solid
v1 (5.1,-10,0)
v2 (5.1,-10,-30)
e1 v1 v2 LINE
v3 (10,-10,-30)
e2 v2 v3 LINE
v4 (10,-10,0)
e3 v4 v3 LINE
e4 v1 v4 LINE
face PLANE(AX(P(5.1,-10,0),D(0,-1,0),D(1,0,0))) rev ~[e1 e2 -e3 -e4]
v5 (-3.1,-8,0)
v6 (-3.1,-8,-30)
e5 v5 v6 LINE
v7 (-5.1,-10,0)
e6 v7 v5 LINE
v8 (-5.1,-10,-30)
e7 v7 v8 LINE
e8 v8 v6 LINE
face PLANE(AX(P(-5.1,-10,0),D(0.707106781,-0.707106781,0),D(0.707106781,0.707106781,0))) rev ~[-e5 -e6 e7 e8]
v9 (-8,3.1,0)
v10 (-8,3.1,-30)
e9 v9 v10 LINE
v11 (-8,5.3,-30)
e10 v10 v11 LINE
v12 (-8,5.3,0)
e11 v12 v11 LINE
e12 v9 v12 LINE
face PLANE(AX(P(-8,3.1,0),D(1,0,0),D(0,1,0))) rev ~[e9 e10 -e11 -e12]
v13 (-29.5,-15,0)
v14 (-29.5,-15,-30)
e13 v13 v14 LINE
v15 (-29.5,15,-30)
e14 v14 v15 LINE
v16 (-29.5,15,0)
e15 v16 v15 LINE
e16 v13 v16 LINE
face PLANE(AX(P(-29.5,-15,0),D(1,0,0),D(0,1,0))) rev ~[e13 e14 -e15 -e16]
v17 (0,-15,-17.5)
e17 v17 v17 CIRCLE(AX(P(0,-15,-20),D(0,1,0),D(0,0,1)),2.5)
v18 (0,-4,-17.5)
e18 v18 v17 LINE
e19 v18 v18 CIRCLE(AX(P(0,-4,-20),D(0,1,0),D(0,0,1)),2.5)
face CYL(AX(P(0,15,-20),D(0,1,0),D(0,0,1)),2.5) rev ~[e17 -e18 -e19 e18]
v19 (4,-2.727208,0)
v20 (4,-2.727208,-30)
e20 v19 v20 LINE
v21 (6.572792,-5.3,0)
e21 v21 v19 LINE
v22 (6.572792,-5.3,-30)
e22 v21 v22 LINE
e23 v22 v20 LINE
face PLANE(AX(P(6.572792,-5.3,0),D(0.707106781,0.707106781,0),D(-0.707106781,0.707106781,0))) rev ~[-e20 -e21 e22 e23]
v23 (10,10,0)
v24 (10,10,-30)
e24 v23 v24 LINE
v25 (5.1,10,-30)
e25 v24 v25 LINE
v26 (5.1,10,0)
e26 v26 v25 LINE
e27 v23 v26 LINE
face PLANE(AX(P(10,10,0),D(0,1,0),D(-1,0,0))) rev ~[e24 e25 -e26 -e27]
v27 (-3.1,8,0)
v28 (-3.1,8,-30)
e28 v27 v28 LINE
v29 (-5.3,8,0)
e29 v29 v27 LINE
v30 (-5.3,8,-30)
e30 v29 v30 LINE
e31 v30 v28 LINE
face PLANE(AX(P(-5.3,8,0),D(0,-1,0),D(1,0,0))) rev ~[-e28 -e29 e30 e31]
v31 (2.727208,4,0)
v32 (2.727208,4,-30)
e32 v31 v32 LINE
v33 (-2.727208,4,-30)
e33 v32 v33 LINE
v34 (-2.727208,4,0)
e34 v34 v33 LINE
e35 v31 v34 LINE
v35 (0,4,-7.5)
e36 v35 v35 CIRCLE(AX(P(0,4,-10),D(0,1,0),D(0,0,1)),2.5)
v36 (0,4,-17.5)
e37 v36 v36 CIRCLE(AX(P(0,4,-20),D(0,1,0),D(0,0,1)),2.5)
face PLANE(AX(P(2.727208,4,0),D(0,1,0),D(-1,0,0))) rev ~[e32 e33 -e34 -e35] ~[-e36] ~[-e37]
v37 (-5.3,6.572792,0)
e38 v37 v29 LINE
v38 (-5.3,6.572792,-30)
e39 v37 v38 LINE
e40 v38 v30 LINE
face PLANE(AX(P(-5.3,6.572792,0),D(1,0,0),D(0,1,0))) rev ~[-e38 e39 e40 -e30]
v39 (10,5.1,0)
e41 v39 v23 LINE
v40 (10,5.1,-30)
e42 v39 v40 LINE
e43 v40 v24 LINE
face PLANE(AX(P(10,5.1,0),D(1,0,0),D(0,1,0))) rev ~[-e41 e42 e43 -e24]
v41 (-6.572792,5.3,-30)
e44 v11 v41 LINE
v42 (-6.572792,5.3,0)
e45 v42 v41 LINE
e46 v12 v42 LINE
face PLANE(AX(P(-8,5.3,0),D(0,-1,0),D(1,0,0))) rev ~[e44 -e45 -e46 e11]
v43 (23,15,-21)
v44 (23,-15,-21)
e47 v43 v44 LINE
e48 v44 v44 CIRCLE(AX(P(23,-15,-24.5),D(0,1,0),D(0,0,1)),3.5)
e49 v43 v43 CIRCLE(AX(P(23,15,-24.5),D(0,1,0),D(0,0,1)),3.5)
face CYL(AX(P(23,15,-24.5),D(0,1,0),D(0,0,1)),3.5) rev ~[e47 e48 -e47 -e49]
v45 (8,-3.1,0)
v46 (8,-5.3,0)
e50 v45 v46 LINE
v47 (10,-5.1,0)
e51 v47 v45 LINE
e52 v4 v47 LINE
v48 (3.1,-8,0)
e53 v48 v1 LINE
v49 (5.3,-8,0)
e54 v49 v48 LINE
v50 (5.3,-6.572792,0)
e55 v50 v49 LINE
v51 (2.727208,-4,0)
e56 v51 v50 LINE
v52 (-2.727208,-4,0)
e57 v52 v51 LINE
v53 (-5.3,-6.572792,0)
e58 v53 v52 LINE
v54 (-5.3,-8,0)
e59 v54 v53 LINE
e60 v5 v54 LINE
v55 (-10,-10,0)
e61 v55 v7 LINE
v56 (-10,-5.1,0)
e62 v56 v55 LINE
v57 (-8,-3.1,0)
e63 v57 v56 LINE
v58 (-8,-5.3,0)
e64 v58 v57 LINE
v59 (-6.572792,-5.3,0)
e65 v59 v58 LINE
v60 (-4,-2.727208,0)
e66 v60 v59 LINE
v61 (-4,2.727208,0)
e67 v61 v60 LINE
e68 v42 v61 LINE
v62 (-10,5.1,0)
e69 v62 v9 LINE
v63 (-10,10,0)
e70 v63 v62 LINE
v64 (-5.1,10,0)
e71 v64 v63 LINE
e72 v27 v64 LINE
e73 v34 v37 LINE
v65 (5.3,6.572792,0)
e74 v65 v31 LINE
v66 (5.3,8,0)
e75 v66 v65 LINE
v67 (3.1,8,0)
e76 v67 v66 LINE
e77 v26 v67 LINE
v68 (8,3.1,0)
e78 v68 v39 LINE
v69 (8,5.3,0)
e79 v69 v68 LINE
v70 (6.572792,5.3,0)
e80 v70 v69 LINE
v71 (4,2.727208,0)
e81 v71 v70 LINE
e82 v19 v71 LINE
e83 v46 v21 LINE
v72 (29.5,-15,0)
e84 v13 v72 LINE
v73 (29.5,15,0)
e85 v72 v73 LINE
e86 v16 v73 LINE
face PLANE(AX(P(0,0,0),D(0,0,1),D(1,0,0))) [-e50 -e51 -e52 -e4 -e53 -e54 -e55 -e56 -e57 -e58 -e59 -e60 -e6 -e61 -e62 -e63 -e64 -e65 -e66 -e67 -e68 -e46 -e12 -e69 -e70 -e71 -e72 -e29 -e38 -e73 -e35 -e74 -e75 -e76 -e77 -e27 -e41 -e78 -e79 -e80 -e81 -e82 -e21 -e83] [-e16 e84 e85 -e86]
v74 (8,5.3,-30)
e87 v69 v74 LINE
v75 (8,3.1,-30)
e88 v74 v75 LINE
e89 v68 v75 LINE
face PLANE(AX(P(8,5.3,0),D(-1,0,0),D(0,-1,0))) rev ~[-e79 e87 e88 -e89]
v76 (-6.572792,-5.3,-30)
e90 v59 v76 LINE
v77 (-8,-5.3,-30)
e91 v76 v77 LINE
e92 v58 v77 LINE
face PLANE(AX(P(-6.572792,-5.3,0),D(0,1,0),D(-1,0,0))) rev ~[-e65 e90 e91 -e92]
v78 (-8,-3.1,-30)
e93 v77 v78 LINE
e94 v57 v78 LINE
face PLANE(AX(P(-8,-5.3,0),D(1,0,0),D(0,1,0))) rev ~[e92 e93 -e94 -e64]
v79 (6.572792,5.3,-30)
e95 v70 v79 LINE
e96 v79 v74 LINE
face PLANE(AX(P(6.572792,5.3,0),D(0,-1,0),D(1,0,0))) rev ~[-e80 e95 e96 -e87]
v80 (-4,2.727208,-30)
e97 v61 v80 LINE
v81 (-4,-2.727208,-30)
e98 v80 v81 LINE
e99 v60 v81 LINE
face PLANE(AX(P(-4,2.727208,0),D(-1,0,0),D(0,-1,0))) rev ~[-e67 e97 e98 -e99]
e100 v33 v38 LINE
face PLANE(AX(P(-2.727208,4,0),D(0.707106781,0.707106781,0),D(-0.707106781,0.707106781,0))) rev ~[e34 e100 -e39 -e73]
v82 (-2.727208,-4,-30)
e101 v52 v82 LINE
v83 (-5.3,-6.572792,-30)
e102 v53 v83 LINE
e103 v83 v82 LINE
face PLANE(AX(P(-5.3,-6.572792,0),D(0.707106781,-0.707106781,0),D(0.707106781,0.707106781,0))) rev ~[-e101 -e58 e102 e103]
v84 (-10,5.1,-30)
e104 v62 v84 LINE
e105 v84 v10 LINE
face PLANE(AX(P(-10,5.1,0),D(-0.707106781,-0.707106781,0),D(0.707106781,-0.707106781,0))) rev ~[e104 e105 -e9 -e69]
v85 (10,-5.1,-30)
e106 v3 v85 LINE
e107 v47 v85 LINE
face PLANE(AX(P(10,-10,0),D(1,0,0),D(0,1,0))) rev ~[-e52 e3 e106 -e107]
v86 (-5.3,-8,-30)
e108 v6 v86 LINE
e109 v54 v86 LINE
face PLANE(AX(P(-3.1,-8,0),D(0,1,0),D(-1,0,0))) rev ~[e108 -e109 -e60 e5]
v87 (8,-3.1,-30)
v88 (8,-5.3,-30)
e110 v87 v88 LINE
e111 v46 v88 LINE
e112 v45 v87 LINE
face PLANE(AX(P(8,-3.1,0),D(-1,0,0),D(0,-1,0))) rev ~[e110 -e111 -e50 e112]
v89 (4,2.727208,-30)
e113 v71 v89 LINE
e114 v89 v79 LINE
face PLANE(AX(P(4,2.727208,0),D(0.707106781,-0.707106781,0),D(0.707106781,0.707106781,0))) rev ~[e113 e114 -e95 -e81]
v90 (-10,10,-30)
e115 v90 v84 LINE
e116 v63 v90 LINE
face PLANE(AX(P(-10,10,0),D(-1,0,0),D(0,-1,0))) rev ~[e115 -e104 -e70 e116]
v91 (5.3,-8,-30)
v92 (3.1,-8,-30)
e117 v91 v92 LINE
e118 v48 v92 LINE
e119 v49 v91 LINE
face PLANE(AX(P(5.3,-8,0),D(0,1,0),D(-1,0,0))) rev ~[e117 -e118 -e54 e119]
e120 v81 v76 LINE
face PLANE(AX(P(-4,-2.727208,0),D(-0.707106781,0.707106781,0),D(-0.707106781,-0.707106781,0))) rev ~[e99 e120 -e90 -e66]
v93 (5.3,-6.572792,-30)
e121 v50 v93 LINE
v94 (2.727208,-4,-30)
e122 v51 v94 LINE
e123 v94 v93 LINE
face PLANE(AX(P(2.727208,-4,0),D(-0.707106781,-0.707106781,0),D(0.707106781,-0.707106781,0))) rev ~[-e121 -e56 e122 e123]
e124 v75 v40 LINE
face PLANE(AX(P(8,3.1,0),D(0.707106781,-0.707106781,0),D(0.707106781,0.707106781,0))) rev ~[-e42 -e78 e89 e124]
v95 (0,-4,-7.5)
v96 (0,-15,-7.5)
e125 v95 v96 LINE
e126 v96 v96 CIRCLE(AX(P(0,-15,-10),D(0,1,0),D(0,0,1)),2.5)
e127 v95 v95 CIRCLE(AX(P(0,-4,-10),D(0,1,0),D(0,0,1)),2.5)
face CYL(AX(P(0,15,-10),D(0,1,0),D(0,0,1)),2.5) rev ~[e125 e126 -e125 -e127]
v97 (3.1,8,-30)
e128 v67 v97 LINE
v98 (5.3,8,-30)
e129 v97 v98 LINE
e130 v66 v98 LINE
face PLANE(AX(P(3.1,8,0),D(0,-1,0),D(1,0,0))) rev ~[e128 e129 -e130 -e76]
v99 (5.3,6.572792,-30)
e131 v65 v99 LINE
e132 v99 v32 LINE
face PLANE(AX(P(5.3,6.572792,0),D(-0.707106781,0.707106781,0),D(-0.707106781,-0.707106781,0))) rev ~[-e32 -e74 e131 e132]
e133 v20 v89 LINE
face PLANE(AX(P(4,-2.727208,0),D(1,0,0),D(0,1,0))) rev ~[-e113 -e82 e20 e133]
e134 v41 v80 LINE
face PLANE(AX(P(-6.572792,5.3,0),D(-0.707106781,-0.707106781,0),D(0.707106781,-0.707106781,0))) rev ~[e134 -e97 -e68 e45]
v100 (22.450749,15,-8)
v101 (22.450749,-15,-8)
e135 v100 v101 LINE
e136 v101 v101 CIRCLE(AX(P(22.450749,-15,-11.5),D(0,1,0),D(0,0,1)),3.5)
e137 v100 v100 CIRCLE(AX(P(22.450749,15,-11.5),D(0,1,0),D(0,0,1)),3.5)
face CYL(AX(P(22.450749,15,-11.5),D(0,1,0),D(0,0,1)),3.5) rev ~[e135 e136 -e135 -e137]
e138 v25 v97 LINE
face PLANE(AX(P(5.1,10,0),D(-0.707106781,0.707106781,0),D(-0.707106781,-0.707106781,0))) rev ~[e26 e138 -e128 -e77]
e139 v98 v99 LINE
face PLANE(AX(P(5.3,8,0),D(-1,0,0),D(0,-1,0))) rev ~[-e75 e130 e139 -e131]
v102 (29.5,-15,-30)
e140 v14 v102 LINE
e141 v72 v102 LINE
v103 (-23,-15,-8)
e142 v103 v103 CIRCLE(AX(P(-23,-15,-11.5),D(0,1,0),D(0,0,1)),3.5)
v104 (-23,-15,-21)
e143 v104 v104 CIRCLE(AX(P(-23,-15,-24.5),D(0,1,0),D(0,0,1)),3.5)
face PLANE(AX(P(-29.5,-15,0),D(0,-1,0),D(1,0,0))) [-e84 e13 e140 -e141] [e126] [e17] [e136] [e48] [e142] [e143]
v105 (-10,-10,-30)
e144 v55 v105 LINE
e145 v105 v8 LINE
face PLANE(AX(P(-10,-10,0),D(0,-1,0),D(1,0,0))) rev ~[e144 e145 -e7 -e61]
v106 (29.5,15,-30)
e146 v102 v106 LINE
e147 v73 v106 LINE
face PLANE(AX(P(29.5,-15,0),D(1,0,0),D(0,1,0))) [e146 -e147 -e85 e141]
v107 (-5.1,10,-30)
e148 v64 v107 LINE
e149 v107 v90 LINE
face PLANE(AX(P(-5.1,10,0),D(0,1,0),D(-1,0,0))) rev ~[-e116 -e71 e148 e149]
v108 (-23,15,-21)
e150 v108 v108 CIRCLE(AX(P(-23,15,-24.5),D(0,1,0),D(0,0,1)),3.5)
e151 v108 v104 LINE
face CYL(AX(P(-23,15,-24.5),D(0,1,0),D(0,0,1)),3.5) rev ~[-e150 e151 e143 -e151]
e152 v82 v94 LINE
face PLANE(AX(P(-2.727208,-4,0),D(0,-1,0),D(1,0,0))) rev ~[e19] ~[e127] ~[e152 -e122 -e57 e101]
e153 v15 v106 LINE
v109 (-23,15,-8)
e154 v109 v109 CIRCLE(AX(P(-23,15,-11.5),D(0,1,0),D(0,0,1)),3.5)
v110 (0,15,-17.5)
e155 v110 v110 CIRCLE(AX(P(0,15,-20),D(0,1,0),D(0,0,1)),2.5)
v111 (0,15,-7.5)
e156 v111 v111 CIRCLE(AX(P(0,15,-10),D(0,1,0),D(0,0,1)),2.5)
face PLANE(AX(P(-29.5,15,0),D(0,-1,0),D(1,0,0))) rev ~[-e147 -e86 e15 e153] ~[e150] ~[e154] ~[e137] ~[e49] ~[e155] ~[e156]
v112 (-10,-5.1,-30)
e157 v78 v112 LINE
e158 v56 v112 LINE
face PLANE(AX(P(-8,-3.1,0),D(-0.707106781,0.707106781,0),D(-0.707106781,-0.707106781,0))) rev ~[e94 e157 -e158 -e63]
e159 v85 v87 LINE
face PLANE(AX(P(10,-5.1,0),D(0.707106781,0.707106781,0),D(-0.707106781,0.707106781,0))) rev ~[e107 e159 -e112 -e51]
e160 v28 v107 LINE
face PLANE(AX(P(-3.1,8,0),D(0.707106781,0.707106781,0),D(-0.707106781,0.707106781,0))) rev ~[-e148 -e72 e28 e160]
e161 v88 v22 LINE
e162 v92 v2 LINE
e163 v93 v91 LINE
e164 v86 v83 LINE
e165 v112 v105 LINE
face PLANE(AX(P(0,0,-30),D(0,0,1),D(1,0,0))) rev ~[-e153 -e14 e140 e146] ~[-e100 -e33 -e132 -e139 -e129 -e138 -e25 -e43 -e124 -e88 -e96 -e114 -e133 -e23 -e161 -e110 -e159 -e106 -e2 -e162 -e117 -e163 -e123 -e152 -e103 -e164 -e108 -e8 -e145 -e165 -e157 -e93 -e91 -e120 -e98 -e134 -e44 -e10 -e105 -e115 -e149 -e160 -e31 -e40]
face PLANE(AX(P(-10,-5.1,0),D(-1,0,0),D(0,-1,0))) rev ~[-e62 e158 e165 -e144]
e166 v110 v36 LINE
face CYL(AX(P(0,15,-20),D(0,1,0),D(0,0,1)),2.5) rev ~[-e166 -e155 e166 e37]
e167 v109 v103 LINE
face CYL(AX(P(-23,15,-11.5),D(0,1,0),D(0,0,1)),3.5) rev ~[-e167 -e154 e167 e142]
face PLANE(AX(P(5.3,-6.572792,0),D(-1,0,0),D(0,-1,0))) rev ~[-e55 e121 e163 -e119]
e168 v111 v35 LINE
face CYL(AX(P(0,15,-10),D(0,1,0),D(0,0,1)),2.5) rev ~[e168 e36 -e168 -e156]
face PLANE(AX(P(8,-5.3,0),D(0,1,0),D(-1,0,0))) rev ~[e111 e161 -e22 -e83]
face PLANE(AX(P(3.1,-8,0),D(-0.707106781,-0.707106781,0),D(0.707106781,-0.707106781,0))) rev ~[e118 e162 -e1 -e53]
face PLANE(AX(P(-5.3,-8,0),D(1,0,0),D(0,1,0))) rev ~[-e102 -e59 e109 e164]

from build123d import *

# Parameters (mm, degrees)
SKETCH1_W           = 59
SKETCH1_H           = 30
BOSS_EXTRUDE1_DEPTH = 30
SKETCH2_R           = 2.5
SKETCH2_R_2         = 3.5
CUT_EXTRUDE1_DEPTH  = 52.674461778


with BuildPart() as part:
    # Sketch1 → Boss-Extrude1 (new body)
    with BuildSketch(Plane.XY):
        Rectangle(SKETCH1_W, SKETCH1_H)
        Polygon((4, 2.727207794), (6.572792206, 5.3), (8, 5.3), (8, 3.1), (10, 5.1), (10, 10), (5.1, 10), (3.1, 8), (5.3, 8), (5.3, 6.572792206), (2.727207794, 4), (-2.727207794, 4), (-5.3, 6.572792206), (-5.3, 8), (-3.1, 8), (-5.1, 10), (-10, 10), (-10, 5.1), (-8, 3.1), (-8, 5.3), (-6.572792206, 5.3), (-4, 2.727207794), (-4, -2.727207794), (-6.572792206, -5.3), (-8, -5.3), (-8, -3.1), (-10, -5.1), (-10, -10), (-5.1, -10), (-3.1, -8), (-5.3, -8), (-5.3, -6.572792206), (-2.727207794, -4), (2.727207794, -4), (5.3, -6.572792206), (5.3, -8), (3.1, -8), (5.1, -10), (10, -10), (10, -5.1), (8, -3.1), (8, -5.3), (6.572792206, -5.3), (4, -2.727207794), align=None, mode=Mode.SUBTRACT)
    extrude(amount=-BOSS_EXTRUDE1_DEPTH)

    # Sketch2 → Cut-Extrude1 (cut, through all)
    with BuildSketch(Plane(origin=(0, 15, 0), x_dir=(1, 0, 0), z_dir=(0, 1, 0))):
        with Locations(Location((0, 10, 0), (0, 0, 270))):
            Circle(SKETCH2_R)
        with Locations(Location((0, 20, 0), (0, 0, 270))):
            Circle(SKETCH2_R)
        with Locations(Location((-23, 24.5, 0), (0, 0, 270))):
            Circle(SKETCH2_R_2)
        with Locations(Location((23, 24.5, 0), (0, 0, 270))):
            Circle(SKETCH2_R_2)
        with Locations(Location((22.450748844, 11.5, 0), (0, 0, 270))):
            Circle(SKETCH2_R_2)
        with Locations(Location((-23, 11.5, 0), (0, 0, 270))):
            Circle(SKETCH2_R_2)
    extrude(amount=-CUT_EXTRUDE1_DEPTH, mode=Mode.SUBTRACT)


solid = part.part
